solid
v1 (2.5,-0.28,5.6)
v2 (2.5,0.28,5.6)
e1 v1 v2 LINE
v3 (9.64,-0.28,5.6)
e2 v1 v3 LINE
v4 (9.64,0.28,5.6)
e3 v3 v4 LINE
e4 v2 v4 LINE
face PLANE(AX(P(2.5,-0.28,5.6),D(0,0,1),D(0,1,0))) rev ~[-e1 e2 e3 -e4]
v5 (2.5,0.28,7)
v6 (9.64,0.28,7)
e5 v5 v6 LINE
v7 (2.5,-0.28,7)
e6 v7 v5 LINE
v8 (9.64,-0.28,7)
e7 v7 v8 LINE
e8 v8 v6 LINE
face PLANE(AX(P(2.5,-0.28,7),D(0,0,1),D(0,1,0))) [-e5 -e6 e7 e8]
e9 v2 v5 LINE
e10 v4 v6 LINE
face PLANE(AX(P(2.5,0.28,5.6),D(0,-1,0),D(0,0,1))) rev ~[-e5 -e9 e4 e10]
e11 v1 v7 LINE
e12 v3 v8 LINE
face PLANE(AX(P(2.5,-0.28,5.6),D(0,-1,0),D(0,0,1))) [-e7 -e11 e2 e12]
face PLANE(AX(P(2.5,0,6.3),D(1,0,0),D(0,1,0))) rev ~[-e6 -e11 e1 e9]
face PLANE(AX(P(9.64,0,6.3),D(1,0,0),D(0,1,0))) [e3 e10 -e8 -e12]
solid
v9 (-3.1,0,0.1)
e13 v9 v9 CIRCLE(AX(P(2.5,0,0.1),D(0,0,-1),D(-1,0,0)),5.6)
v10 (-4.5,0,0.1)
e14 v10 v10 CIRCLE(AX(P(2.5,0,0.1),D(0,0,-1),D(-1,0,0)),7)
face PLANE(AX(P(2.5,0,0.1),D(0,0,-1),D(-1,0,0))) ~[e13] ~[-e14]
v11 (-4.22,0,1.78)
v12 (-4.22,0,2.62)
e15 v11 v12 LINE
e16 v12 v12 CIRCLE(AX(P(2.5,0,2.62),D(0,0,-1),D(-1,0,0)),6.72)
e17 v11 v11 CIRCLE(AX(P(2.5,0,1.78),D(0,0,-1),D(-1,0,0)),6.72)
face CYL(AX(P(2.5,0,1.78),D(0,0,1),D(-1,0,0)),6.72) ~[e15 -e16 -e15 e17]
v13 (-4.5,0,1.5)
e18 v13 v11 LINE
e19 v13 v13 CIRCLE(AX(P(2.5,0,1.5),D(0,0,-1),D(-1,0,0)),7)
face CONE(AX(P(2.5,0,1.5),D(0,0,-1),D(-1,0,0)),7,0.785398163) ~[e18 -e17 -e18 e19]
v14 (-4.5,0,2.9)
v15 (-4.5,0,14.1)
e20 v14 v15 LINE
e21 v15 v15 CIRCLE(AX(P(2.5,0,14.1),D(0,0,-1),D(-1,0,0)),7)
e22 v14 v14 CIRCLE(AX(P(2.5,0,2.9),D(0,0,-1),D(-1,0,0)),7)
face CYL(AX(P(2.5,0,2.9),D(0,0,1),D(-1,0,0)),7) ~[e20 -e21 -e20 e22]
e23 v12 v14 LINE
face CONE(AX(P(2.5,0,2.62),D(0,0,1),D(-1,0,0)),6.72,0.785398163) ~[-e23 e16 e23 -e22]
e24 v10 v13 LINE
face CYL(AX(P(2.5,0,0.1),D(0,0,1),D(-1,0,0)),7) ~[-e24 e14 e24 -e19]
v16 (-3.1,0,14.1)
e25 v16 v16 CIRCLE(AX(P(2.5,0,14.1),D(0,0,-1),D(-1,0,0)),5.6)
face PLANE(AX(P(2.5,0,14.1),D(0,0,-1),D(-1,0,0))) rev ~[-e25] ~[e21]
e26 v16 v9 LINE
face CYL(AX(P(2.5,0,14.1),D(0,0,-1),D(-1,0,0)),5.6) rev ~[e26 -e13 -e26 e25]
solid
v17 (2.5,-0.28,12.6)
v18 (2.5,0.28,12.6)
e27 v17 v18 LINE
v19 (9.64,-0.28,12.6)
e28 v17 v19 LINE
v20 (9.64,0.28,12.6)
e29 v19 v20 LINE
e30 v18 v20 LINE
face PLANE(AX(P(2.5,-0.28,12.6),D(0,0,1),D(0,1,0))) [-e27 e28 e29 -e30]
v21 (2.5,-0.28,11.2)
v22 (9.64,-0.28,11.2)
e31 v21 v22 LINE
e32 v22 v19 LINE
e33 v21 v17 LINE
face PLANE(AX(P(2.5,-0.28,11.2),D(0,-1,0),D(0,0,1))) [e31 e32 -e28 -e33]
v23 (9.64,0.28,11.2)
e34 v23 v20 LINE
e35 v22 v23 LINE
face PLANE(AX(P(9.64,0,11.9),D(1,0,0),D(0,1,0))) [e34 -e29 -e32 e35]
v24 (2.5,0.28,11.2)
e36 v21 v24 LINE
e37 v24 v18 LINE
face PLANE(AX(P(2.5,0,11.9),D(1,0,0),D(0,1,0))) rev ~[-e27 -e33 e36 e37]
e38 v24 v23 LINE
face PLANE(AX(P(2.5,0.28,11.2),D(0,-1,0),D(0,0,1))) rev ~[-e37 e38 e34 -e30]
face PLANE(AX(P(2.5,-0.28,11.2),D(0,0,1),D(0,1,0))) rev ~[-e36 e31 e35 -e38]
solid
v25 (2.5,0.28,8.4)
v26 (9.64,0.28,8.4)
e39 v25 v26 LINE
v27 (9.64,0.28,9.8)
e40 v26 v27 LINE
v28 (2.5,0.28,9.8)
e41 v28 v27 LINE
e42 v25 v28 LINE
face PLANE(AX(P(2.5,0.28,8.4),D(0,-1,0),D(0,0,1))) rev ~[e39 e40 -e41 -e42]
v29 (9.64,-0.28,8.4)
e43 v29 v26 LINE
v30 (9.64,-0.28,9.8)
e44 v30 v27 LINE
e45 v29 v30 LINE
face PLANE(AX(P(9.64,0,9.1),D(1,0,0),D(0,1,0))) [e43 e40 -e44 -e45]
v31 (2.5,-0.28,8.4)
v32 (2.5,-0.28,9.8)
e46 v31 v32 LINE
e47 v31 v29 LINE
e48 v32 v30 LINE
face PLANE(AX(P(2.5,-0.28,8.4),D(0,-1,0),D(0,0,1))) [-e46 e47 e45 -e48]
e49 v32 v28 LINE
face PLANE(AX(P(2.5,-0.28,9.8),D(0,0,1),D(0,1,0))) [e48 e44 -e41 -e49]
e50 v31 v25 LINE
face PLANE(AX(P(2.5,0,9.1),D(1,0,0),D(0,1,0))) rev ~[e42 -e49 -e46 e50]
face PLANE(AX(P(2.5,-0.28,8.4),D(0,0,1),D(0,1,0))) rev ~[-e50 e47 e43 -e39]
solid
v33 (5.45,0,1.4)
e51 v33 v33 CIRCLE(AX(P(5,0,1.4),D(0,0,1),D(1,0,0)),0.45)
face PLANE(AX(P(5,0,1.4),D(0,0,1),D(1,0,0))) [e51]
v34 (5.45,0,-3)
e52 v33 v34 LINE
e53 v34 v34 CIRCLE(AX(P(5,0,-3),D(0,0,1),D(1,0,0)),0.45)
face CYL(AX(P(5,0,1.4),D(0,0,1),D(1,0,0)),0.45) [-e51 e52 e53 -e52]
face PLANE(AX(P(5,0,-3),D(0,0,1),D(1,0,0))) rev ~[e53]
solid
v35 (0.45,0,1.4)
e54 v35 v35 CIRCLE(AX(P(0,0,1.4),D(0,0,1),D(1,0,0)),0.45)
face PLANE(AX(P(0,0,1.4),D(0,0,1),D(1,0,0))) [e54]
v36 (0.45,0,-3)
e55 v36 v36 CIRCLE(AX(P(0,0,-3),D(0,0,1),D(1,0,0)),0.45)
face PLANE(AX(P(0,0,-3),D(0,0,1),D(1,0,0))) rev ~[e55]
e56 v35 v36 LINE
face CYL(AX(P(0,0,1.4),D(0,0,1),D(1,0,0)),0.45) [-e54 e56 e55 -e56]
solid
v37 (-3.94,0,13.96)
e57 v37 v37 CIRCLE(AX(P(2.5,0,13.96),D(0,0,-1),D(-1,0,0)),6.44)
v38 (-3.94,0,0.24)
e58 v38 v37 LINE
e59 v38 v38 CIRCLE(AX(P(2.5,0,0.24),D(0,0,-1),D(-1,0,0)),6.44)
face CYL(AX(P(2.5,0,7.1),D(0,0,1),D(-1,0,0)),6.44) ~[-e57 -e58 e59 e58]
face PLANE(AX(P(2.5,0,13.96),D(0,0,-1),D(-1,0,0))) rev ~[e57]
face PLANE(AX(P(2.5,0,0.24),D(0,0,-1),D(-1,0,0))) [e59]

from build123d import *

# Parameters (mm, degrees)
SKETCH002_W  = 6.44
SKETCH002_H  = 13.72
SKETCH003_R  = 0.45
PAD_DEPTH    = 4.4
SKETCH004_W  = 0.56
SKETCH004_H  = 1.4
PAD001_DEPTH = 7.14


with BuildPart() as revolution:
    # Sketch → Revolution (revolve)
    with BuildSketch(Plane.XZ):
        Polygon((-4.5, 0.1), (-4.5, 1.5), (-4.22, 1.78), (-4.22, 2.62), (-4.5, 2.9), (-4.5, 14.1), (-3.1, 14.1), (-3.1, 0.1), align=None)
    revolve(axis=Axis((2.5, 0, 7.548619), (0, 0, -1)))


with BuildPart() as revolution001:
    # Sketch002 → Revolution001 (revolve)
    with BuildSketch(Plane.XZ):
        with Locations((-0.72, 7.1)):
            Rectangle(SKETCH002_W, SKETCH002_H)
    revolve(axis=Axis((2.5, 0, 4.680116), (0, 0, -1)))


with BuildPart() as pad:
    # Sketch003 → Pad (new body)
    with BuildSketch(Plane.XY.offset(1.4)):
        Circle(SKETCH003_R)
        with Locations((5, 0)):
            Circle(SKETCH003_R)
    extrude(amount=-PAD_DEPTH)


with BuildPart() as pad001:
    # Sketch004 → Pad001 (new body)
    with BuildSketch(Plane.YZ.offset(2.5)):
        with Locations((0, 6.3)):
            Rectangle(SKETCH004_W, SKETCH004_H)
        with Locations((0, 9.1)):
            Rectangle(SKETCH004_W, SKETCH004_H)
        with Locations((0, 11.9)):
            Rectangle(SKETCH004_W, SKETCH004_H)
    extrude(amount=PAD001_DEPTH)


solid = Compound([revolution.part, revolution001.part, pad.part, pad001.part])
